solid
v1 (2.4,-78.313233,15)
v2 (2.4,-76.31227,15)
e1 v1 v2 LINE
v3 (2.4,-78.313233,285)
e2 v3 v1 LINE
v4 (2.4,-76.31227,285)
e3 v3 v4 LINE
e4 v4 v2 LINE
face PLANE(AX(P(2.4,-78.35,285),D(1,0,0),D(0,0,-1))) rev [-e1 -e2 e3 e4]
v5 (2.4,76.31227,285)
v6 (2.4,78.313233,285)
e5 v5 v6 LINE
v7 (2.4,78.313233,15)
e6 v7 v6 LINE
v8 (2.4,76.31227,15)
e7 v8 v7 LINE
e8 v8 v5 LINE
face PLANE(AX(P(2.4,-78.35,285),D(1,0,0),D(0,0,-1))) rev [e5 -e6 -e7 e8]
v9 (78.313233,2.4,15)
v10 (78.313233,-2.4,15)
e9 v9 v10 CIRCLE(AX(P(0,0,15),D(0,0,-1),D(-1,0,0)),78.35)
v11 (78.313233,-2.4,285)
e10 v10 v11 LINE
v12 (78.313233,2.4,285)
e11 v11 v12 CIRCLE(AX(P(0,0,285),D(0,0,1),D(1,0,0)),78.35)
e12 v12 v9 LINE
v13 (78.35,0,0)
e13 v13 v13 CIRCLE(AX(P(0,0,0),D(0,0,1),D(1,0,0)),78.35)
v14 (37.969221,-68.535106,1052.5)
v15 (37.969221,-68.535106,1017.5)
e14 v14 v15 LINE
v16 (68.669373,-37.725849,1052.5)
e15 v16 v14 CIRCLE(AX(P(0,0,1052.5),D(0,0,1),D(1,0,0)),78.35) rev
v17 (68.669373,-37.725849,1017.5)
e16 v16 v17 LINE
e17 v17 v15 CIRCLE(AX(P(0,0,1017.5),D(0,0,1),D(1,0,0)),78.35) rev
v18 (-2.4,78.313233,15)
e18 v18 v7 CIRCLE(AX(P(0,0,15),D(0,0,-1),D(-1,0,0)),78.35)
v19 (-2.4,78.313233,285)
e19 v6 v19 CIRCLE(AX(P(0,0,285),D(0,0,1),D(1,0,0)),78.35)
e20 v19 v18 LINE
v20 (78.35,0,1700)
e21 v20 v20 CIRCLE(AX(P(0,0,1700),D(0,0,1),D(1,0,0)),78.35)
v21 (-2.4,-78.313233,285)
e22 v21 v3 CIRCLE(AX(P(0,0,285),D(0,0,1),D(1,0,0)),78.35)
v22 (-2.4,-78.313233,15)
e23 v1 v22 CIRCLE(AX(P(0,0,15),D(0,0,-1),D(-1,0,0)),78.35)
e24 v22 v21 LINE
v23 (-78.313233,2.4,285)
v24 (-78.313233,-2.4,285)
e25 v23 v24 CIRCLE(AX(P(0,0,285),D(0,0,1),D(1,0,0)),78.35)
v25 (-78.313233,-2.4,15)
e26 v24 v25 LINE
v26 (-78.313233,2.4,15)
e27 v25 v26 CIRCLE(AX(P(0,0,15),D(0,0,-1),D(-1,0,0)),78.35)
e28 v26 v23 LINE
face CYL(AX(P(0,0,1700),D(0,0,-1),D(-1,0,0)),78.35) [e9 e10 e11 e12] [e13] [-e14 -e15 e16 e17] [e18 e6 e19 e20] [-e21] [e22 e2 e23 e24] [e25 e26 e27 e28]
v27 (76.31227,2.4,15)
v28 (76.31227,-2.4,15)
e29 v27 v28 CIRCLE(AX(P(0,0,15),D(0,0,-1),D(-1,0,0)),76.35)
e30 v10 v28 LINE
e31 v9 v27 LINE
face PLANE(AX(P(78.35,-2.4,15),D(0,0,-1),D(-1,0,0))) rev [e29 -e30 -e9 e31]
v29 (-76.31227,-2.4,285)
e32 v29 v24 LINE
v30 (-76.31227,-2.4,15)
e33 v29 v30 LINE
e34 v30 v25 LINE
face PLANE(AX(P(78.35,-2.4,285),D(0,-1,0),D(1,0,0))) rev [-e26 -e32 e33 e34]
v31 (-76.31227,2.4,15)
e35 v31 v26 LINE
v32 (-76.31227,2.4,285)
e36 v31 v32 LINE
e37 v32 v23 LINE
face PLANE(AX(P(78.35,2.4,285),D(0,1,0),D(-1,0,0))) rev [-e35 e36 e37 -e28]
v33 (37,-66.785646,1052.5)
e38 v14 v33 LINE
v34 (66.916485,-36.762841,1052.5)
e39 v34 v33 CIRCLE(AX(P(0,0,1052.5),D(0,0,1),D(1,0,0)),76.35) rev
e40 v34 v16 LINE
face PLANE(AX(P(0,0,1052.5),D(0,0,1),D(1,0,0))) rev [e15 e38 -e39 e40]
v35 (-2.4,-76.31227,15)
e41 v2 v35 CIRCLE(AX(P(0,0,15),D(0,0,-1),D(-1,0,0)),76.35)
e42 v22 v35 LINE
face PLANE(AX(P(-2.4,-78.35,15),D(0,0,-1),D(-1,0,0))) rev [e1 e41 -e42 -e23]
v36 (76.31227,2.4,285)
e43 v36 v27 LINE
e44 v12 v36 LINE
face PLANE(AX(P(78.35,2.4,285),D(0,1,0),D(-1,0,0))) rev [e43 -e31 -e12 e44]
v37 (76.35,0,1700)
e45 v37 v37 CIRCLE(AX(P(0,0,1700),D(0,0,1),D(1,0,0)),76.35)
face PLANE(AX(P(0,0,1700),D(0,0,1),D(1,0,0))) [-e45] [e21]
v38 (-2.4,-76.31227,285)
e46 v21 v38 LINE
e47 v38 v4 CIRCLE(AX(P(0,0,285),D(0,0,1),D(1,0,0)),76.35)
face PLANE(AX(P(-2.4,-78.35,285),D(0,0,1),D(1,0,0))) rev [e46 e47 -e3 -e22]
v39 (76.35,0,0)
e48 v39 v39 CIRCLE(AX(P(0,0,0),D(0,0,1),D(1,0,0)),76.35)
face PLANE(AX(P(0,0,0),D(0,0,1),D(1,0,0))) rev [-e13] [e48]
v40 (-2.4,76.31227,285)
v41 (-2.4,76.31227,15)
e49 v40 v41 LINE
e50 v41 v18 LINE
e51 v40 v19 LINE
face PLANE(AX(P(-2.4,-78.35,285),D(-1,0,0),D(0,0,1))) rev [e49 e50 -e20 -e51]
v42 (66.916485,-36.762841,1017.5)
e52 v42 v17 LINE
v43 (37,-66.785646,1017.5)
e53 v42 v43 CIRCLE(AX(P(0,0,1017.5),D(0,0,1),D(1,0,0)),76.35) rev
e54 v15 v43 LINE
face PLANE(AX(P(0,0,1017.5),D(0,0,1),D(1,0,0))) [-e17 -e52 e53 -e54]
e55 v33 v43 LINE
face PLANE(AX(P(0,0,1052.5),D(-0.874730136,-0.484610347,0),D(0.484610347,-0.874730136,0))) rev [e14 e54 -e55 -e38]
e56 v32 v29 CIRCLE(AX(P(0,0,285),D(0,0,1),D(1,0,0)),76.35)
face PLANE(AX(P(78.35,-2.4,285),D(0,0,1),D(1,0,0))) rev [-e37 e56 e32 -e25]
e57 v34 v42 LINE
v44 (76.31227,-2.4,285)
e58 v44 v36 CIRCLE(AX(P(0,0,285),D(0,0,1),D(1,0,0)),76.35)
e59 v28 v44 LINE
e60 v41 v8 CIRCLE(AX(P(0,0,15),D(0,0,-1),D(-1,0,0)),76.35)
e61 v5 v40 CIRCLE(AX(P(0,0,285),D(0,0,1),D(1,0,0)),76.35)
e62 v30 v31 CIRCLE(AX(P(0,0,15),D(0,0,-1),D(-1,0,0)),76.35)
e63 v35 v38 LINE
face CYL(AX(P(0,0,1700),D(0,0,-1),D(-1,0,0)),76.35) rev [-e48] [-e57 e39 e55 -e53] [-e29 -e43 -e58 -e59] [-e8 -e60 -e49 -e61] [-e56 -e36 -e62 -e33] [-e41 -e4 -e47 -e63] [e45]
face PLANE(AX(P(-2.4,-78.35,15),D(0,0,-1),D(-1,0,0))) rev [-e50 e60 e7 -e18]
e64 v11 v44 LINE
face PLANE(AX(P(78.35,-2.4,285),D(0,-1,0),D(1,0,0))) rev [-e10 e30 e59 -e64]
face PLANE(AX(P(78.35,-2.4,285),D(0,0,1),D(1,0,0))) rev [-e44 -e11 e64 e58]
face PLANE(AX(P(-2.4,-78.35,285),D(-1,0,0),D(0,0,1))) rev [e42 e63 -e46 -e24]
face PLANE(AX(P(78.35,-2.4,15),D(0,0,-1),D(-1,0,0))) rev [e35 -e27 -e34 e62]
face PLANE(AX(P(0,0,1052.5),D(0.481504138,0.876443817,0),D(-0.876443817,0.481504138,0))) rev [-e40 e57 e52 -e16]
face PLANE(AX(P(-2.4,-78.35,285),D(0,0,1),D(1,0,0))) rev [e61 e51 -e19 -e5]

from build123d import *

# Parameters (mm, degrees)
SKETCH1_R               = 78.35
SKETCH1_R_2             = 76.35
BOSS_EXTRUDE1_DEPTH     = 1700
SKETCH5_R               = 15
CUT_EXTRUDE2_DEPTH      = 1704.607186237
SKETCH6_W               = 4.8
SKETCH6_H               = 270
CUT_EXTRUDE3_DEPTH      = 1704.607186346
CIRPATTERN1_COUNT       = 2
CIRPATTERN1_ANGLE       = 90
CUT_EXTRUDE4_DEPTH      = 17.5
CUT_EXTRUDE4_DEPTH_BACK = 17.5


with BuildPart() as part:
    # Sketch1 → Boss-Extrude1 (new body)
    with BuildSketch(Plane.XY):
        Circle(SKETCH1_R)
        Circle(SKETCH1_R_2, mode=Mode.SUBTRACT)
    extrude(amount=BOSS_EXTRUDE1_DEPTH)

    # Sketch5 → Cut-Extrude2 (cut, through all)
    with BuildSketch(Plane(origin=(0, 0, 0), x_dir=(0, 0, -1), z_dir=(0.7071067811865489, -0.7071067811865462, 0))):
        with Locations(Location((-1034.89, 0, 0), (0, 0, 270))):
            Circle(SKETCH5_R)
    extrude(amount=CUT_EXTRUDE2_DEPTH, mode=Mode.SUBTRACT)

    # Sketch6 → Cut-Extrude3 (cut, symmetric)
    with BuildSketch(Plane(origin=(0, 0, 0), x_dir=(1, 0, 0), z_dir=(0, 1, 0))):
        with Locations((0, -150)):
            Rectangle(SKETCH6_W, SKETCH6_H)
    cut_extrude3 = extrude(amount=CUT_EXTRUDE3_DEPTH, both=True, mode=Mode.SUBTRACT)

    # CirPattern1: Cut-Extrude3 ×2 about axis
    cirpattern1_axis = Axis((0, 0, 0), (0, 0, 1))
    for i in range(1, CIRPATTERN1_COUNT):
        add(cut_extrude3.rotate(cirpattern1_axis, i * CIRPATTERN1_ANGLE / (CIRPATTERN1_COUNT - 1)), mode=Mode.SUBTRACT)

    # Sketch7 → Cut-Extrude4 (cut, two sides: drawn at the far end of the back side and taken through both)
    with BuildSketch(Plane.XY.offset(1035).offset(-CUT_EXTRUDE4_DEPTH_BACK)):
        with BuildLine():
            Line((65.460051126, -39.297636146), (67.174787239, -40.327043772))
            ThreePointArc((67.174787239, -40.327043772), (67.934531185, -39.03360056), (68.669373093, -37.725849215))
            Line((68.669373093, -37.725849215), (66.916485458, -36.762840939))
            ThreePointArc((66.916485458, -36.762840939), (66.20040148, -38.03720999), (65.460051126, -39.297636146))
        make_face()
        with BuildLine():
            Line((37, -66.785645913), (37.969220694, -68.535106186))
            ThreePointArc((37.969220694, -68.535106186), (39.274356912, -67.795629573), (40.565096747, -67.031301837))
            Line((40.565096747, -67.031301837), (39.529612465, -65.320228401))
            ThreePointArc((39.529612465, -65.320228401), (38.271820679, -66.065045538), (37, -66.785645913))
        make_face()
        with BuildLine():
            Line((39.529612465, -65.320228401), (40.565096747, -67.031301837))
            ThreePointArc((40.565096747, -67.031301837), (48.389164921, -61.621515871), (55.5, -55.303458301))
            Line((55.5, -55.303458301), (54.083280153, -53.891755472))
            ThreePointArc((54.083280153, -53.891755472), (47.15395969, -60.048535249), (39.529612465, -65.320228401))
        make_face()
        with BuildLine():
            Line((54.083280153, -53.891755472), (55.5, -55.303458301))
            ThreePointArc((55.5, -55.303458301), (61.792791684, -48.170254265), (67.174787239, -40.327043772))
            Line((67.174787239, -40.327043772), (65.460051126, -39.297636146))
            ThreePointArc((65.460051126, -39.297636146), (60.215438992, -46.940637053), (54.083280153, -53.891755472))
        make_face()
    extrude(amount=CUT_EXTRUDE4_DEPTH + CUT_EXTRUDE4_DEPTH_BACK, mode=Mode.SUBTRACT)


solid = part.part
